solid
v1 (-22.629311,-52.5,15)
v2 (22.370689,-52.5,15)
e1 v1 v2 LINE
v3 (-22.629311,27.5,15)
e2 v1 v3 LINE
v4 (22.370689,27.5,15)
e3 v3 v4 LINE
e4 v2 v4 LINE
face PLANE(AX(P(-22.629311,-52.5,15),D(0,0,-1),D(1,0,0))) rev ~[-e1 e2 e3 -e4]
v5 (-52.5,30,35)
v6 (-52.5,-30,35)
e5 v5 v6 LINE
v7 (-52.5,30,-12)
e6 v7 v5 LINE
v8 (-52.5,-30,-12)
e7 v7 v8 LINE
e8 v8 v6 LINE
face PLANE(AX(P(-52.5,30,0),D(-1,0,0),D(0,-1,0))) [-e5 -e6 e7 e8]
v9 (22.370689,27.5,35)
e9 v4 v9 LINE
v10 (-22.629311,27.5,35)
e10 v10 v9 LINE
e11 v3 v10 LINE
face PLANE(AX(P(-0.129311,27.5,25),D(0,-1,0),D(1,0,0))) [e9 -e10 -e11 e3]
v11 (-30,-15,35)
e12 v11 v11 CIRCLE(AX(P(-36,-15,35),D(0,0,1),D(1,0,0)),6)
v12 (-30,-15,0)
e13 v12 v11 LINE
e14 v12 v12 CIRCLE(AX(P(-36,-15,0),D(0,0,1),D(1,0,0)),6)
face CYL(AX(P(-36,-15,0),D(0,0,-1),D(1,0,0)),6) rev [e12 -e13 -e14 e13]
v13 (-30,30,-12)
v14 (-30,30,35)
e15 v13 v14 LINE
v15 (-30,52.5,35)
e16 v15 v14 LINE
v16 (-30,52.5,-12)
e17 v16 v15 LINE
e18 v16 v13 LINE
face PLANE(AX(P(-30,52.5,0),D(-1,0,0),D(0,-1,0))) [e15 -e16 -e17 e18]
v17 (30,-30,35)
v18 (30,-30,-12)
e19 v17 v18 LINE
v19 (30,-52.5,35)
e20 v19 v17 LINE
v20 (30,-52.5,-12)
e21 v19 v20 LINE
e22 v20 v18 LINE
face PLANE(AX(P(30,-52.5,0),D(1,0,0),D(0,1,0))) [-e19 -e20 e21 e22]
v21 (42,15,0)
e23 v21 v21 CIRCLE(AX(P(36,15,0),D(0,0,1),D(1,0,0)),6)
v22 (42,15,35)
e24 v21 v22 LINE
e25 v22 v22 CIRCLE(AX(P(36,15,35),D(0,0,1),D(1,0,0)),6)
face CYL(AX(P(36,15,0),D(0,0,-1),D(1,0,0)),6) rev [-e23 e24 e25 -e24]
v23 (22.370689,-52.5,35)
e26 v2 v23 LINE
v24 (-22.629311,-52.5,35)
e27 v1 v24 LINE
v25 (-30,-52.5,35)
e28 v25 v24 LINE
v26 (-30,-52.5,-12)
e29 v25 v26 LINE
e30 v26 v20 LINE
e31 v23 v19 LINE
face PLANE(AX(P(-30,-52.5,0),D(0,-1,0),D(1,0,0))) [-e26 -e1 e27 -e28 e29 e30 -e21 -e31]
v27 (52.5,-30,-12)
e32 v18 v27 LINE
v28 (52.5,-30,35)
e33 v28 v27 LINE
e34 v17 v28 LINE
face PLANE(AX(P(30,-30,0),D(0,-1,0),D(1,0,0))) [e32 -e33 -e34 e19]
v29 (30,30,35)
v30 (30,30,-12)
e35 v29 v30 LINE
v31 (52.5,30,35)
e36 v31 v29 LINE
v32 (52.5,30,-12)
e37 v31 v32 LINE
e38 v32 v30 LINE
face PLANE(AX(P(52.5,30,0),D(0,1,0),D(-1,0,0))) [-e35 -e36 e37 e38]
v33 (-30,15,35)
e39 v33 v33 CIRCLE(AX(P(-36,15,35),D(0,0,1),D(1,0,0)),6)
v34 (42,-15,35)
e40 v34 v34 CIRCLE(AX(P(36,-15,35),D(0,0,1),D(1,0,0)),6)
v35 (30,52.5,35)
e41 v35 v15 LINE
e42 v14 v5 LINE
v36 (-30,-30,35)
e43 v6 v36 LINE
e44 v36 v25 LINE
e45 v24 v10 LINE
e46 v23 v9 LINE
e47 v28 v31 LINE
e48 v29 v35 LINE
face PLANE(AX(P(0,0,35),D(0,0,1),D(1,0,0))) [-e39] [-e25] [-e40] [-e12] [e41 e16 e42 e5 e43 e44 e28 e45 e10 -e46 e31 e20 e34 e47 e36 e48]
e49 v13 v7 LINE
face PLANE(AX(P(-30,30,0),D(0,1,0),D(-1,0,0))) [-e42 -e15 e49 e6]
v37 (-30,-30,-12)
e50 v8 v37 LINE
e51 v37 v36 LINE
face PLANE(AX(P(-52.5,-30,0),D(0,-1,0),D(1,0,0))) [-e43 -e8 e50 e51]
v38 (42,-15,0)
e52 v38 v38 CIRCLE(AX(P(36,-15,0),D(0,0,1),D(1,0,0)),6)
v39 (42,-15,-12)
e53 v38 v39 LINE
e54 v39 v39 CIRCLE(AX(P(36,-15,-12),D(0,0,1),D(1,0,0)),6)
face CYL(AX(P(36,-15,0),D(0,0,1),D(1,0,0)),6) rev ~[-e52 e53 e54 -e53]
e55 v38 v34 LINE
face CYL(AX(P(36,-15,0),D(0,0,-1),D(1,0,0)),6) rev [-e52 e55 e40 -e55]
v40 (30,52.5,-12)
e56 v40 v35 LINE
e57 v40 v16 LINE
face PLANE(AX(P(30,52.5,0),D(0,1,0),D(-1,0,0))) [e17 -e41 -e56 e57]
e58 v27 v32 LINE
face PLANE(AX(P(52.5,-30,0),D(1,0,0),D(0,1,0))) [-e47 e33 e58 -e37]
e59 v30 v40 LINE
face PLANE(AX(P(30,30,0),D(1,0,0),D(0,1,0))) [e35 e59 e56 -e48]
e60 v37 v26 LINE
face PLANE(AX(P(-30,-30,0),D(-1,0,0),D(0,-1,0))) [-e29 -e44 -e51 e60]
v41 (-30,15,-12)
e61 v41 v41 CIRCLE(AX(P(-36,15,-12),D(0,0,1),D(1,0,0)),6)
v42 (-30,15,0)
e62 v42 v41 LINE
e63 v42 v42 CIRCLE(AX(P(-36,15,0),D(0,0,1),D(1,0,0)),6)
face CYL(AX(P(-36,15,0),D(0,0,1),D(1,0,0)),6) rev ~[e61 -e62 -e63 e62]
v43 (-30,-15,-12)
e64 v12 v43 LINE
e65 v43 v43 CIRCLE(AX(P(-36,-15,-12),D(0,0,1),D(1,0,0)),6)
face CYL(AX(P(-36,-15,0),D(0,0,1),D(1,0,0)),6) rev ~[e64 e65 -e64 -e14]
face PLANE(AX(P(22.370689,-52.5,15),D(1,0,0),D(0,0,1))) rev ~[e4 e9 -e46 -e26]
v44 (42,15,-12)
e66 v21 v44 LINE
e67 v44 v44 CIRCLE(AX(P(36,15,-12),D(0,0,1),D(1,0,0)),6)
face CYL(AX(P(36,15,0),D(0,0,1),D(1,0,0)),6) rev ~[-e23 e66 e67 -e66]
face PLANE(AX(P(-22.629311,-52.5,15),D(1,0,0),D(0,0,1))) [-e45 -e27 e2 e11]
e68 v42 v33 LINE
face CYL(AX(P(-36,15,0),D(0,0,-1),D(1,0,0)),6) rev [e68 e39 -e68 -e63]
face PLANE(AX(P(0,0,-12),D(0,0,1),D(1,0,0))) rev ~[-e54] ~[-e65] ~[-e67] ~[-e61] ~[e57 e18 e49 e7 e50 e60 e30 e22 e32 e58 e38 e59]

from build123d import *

# Parameters (mm, degrees)
F0_R          = 6
F1_DEPTH      = 35
F1_DEPTH_BACK = 12
F2_W          = 45
F2_H          = 20
F3_DEPTH      = 80


with BuildPart() as f1:
    # F0 (on Top) → F1 (new body, two sides)
    with BuildSketch(Plane.XY) as f1_sk:
        Polygon((30, 30), (30, 52.5), (-30, 52.5), (-30, 30), (-52.5, 30), (-52.5, -30), (-30, -30), (-30, -52.5), (30, -52.5), (30, -30), (52.5, -30), (52.5, 30), align=None)
        with Locations((-36, -15)):
            Circle(F0_R, mode=Mode.SUBTRACT)
        with Locations((36, -15)):
            Circle(F0_R, mode=Mode.SUBTRACT)
        with Locations((-36, 15)):
            Circle(F0_R, mode=Mode.SUBTRACT)
        with Locations((36, 15)):
            Circle(F0_R, mode=Mode.SUBTRACT)
    extrude(amount=F1_DEPTH)
    extrude(f1_sk.sketch, amount=-F1_DEPTH_BACK)

    # F2 (on face) → F3 (cut)
    with BuildSketch(Plane.XZ.offset(52.5)):
        with Locations((-0.129311, 25)):
            Rectangle(F2_W, F2_H)
    extrude(amount=-F3_DEPTH, mode=Mode.SUBTRACT)


solid = f1.part
